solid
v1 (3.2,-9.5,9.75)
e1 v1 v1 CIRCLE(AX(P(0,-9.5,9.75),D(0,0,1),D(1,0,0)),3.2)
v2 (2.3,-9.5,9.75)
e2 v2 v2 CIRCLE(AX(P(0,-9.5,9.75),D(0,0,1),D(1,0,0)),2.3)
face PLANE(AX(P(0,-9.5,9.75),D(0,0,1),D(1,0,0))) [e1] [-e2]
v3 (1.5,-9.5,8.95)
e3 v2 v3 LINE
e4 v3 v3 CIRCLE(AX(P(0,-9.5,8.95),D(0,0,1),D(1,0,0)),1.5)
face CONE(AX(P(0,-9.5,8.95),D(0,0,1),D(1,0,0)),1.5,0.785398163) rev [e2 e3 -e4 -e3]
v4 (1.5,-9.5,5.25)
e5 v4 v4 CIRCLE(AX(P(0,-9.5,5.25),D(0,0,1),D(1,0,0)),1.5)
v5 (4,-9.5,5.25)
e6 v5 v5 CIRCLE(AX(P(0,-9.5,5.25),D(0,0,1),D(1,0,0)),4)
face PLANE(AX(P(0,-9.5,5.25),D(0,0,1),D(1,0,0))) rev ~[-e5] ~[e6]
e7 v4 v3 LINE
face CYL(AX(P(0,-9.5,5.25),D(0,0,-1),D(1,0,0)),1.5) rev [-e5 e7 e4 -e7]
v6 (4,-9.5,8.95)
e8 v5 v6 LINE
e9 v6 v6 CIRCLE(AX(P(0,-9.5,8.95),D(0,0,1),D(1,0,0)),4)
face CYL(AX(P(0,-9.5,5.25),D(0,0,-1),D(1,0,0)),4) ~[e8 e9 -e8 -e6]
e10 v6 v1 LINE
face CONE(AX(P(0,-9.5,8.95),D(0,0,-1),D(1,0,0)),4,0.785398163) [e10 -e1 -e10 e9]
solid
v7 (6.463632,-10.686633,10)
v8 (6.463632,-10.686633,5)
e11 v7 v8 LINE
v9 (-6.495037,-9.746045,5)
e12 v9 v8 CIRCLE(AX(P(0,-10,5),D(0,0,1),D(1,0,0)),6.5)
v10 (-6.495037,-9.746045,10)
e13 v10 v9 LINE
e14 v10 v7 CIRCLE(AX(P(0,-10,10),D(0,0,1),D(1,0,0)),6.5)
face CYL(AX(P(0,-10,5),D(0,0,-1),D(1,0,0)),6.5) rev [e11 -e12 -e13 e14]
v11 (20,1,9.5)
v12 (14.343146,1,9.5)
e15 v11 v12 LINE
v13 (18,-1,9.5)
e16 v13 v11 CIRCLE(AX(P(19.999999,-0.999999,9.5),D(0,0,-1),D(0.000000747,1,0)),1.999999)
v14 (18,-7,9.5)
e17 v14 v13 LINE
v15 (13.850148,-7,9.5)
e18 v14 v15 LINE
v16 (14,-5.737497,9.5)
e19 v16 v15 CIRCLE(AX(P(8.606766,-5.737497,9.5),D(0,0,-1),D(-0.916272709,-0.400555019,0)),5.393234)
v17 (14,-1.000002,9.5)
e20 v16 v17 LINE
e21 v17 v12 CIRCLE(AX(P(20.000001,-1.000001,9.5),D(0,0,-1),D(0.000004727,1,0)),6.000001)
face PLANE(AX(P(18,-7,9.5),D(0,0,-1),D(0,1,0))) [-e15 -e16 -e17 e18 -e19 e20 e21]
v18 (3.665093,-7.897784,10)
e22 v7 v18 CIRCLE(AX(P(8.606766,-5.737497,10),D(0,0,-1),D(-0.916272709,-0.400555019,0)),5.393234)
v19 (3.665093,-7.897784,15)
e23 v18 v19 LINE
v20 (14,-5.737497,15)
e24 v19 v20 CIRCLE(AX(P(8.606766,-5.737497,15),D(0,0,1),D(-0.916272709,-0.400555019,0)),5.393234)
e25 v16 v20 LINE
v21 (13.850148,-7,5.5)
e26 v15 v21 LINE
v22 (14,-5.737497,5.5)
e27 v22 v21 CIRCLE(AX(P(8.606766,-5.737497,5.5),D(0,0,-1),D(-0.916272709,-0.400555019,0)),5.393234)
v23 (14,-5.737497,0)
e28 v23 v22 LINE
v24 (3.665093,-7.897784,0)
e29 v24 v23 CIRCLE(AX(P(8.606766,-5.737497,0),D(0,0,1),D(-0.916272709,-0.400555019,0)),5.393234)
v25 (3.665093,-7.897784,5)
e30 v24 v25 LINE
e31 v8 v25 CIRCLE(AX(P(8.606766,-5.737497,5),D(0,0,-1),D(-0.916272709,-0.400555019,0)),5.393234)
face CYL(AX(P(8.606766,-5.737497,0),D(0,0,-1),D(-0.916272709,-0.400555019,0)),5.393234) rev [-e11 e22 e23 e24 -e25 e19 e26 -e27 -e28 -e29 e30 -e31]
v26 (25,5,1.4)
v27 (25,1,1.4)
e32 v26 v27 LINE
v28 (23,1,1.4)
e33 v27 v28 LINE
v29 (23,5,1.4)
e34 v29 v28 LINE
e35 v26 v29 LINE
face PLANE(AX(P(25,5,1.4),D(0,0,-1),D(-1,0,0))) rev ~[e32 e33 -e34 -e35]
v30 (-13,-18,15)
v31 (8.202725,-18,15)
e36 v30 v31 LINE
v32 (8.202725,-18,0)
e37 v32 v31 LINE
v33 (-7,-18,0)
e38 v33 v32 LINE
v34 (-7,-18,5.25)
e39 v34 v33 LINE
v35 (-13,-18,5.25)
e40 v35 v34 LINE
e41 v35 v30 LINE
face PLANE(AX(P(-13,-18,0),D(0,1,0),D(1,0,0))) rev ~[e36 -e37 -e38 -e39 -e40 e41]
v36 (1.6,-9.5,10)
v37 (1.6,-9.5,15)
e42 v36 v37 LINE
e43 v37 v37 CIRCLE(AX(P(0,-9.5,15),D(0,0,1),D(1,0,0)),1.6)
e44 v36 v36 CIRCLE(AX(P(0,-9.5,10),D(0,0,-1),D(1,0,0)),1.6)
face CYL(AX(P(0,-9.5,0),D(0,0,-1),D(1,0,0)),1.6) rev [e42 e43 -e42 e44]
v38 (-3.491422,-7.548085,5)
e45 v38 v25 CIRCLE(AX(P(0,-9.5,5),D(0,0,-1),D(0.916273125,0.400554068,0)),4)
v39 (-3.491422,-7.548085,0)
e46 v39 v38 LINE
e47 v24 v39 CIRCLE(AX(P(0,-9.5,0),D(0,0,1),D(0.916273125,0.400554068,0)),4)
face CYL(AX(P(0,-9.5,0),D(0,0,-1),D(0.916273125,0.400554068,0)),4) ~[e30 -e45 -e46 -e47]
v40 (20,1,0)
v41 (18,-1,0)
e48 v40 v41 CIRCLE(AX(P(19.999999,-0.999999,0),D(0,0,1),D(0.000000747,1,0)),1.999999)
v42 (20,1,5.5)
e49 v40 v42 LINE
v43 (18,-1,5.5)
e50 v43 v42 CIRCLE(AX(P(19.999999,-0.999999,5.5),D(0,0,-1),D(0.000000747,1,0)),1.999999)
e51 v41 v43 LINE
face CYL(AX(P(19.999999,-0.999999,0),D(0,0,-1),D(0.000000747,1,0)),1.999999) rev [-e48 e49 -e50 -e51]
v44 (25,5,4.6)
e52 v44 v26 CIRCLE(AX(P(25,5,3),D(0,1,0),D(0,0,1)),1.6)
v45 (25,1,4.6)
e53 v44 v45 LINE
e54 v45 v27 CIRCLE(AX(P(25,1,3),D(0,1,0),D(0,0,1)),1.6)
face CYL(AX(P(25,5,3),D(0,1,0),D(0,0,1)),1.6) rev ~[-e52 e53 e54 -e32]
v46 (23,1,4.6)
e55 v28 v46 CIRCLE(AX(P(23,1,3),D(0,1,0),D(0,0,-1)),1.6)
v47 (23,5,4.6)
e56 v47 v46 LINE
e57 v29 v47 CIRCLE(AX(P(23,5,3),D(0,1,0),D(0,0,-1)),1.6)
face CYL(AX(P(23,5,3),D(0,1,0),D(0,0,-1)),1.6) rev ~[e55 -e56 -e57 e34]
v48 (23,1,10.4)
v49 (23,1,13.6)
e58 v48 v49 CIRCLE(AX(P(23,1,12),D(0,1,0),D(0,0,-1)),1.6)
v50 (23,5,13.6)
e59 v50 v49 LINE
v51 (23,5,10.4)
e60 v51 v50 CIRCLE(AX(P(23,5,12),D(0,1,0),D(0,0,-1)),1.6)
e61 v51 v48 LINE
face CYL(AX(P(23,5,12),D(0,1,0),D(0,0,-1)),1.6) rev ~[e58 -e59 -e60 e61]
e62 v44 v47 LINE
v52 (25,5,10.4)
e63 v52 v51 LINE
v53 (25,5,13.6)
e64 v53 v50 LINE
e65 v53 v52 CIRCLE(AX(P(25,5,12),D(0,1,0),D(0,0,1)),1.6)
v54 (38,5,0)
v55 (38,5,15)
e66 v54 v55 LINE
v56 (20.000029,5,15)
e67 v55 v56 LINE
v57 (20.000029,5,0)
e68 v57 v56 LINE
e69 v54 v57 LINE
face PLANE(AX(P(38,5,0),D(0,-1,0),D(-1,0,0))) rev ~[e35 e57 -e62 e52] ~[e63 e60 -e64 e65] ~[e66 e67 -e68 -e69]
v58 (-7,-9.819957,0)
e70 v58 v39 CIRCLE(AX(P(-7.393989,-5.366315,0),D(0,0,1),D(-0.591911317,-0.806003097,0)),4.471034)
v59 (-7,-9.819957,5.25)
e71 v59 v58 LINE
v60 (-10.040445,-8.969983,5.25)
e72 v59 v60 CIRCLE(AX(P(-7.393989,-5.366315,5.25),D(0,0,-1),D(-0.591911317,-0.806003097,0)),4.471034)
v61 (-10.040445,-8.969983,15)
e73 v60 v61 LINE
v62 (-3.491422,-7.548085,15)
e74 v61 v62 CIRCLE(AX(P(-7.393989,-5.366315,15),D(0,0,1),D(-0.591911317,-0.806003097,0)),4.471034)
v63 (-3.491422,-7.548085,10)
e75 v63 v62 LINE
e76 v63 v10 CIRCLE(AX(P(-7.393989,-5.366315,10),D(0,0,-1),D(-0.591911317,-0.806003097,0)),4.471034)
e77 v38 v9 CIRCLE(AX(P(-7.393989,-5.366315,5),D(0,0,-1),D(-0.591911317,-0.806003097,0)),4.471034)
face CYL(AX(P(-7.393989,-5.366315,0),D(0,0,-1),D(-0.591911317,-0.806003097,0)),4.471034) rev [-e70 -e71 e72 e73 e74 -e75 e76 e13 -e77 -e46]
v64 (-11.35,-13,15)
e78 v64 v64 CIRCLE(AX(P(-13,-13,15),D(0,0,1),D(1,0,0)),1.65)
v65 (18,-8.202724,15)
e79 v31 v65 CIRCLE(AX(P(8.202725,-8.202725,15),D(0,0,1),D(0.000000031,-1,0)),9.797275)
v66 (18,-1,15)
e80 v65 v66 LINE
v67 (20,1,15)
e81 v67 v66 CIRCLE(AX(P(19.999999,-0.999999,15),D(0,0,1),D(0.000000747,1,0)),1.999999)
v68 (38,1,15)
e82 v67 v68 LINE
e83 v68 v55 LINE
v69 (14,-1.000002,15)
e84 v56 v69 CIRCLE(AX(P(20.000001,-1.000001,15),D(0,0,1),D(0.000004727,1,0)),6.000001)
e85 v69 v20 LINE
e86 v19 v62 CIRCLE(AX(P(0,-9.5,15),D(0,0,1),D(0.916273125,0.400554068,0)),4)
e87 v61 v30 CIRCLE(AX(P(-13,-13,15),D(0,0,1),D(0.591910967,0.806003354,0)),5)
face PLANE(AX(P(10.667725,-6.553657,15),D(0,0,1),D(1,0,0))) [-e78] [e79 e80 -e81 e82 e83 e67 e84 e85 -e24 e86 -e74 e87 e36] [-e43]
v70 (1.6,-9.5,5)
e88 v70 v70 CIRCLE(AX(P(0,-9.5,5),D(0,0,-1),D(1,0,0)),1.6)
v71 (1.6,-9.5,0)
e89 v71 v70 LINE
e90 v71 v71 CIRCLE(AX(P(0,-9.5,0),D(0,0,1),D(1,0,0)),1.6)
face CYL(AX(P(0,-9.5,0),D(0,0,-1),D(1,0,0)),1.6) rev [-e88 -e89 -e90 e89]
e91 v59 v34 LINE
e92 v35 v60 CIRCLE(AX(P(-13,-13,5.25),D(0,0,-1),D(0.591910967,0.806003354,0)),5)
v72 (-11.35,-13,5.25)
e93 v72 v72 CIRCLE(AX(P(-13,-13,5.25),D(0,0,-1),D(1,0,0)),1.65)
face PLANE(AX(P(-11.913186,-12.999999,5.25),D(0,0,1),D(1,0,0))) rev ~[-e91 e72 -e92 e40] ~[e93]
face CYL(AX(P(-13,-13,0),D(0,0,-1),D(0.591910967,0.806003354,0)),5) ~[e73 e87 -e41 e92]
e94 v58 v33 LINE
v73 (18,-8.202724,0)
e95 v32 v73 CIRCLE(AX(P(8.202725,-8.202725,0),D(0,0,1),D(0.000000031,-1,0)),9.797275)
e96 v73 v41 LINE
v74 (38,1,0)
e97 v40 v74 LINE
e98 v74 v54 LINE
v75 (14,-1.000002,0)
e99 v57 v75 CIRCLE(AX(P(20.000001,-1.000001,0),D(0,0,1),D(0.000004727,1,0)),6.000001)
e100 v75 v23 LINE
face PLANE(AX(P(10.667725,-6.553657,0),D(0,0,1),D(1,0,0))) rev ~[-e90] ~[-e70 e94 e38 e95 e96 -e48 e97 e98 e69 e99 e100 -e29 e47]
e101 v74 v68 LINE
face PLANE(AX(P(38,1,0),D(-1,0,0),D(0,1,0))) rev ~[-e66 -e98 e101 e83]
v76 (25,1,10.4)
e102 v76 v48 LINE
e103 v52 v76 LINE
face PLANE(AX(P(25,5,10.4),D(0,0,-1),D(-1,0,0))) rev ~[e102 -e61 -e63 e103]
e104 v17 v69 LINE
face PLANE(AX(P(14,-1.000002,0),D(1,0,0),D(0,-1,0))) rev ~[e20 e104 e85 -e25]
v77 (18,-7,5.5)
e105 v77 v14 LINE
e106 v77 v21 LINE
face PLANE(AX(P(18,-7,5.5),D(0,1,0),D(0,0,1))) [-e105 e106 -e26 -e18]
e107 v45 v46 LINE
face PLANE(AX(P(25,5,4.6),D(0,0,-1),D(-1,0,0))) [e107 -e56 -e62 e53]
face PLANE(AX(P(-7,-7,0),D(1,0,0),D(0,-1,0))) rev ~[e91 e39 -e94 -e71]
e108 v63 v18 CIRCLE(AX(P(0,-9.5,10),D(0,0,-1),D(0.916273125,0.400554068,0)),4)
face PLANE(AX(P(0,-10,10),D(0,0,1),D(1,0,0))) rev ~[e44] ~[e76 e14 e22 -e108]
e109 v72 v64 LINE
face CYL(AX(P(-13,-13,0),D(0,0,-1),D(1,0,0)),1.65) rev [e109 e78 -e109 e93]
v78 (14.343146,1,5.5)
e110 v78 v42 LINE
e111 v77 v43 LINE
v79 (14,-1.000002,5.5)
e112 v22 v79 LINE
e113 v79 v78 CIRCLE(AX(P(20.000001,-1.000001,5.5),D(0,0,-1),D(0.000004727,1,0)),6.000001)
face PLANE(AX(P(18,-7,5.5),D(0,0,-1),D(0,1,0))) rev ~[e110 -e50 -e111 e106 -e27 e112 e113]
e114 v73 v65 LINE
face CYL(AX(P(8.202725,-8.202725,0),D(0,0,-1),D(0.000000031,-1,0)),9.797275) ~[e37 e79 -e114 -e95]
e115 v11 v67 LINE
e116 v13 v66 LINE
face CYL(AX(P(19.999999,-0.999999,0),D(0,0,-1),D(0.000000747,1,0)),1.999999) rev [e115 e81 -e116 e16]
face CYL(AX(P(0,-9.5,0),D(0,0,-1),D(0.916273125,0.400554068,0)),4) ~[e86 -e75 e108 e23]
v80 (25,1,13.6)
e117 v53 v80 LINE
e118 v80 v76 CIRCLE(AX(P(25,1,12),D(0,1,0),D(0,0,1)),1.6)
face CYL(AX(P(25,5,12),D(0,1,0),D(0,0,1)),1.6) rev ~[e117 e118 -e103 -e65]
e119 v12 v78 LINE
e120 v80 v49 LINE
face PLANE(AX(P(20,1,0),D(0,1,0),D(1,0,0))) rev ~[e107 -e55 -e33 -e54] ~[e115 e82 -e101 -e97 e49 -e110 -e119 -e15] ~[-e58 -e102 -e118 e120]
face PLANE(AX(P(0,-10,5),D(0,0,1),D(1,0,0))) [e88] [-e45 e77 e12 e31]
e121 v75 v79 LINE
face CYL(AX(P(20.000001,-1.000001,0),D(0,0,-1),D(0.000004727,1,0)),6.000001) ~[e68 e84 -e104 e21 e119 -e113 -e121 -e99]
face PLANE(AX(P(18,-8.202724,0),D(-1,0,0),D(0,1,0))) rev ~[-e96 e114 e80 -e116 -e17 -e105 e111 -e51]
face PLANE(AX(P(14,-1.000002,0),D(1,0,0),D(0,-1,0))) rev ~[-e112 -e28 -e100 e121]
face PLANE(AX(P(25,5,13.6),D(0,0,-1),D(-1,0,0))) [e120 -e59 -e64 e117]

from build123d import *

# Parameters (mm, degrees)
CYLINDER_R           = 6.5
CYLINDER_DEPTH       = 5
PAD001_DEPTH         = 5.25
SKETCH_R             = 1.6
SKETCH_R_2           = 1.65
PAD_DEPTH            = 15
POCKET_DEPTH         = 5
SKETCH003_W          = 8
SKETCH003_H          = 4
POCKET001_DEPTH      = 36.001
POCKET001_DEPTH_BACK = -20.001
CYLINDER001_R        = 1.5
CYLINDER001_DEPTH    = 4.5
CYLINDER002_R        = 4
CYLINDER002_DEPTH    = 4.5
CHAMFER_SIZE         = 0.8


with BuildPart() as rodamiento:
    # Cylinder → Cylinder (new body)
    with BuildSketch(Plane(origin=(0, -10, 5), x_dir=(1, 0, 0), z_dir=(0, 0, 1))):
        Circle(CYLINDER_R)
    extrude(amount=CYLINDER_DEPTH)


with BuildPart() as bisagra:
    # Sketch001 → Pad001 (new body)
    with BuildSketch(Plane.XY):
        with BuildLine():
            ThreePointArc((-13, -7), (-19, -13.000015), (-12.99997, -19))
            Line((-7, -19), (-12.99997, -19))
            Line((-7, -7), (-7, -19))
            Line((-13, -7), (-7, -7))
        make_face()
    extrude(amount=PAD001_DEPTH)


with BuildPart() as pocket001:
    # Sketch → Pad (new body)
    with BuildSketch(Plane.XY):
        with BuildLine():
            ThreePointArc((-10.040445, -8.969983), (-17.75132, -11.442772), (-13, -18))
            Line((-13, -18), (8.202725, -18))
            ThreePointArc((8.202725, -18), (15.130445, -15.130444), (18, -8.202724))
            Line((18, -8.202724), (18, -1))
            ThreePointArc((20, 1), (18.585786, 0.414214), (18, -1))
            Line((20, 1), (38, 1))
            Line((38, 1), (38, 5))
            Line((38, 5), (20.000029, 5))
            ThreePointArc((20.000029, 5), (15.757369, 3.24265), (14, -1.000002))
            Line((14, -1.000002), (14, -5.737497))
            ThreePointArc((3.665093, -7.897784), (9.710254, -11.016634), (14, -5.737497))
            ThreePointArc((3.665093, -7.897784), (0.195225, -5.504767), (-3.491422, -7.548085))
            ThreePointArc((-10.040445, -8.969983), (-6.445357, -9.735554), (-3.491422, -7.548085))
        make_face()
        with Locations((0, -9.5)):
            Circle(SKETCH_R, mode=Mode.SUBTRACT)
        with Locations((-13, -13)):
            Circle(SKETCH_R_2, mode=Mode.SUBTRACT)
    extrude(amount=PAD_DEPTH)

    # Cut: cut bisagra
    add(bisagra.part, mode=Mode.SUBTRACT)

    # Cut001: cut rodamiento
    add(rodamiento.part, mode=Mode.SUBTRACT)

    # Sketch002 → Pocket (cut)
    with BuildSketch(Plane(origin=(0, 5, 0), x_dir=(-1, 0, 0), z_dir=(0, 1, 0))):
        with BuildLine():
            ThreePointArc((-25, 13.6), (-26.6, 12), (-25, 10.4))
            Line((-25, 10.4), (-23, 10.4))
            ThreePointArc((-23, 10.4), (-21.4, 12), (-23, 13.6))
            Line((-25, 13.6), (-23, 13.6))
        make_face()
        with BuildLine():
            ThreePointArc((-25, 4.6), (-26.6, 3), (-25, 1.4))
            Line((-25, 1.4), (-23, 1.4))
            ThreePointArc((-23, 1.4), (-21.4, 3), (-23, 4.6))
            Line((-25, 4.6), (-23, 4.6))
        make_face()
    extrude(amount=-POCKET_DEPTH, mode=Mode.SUBTRACT)

    # Sketch003 → Pocket001 (cut, two sides)
    with BuildSketch(Plane.YZ.offset(18)) as pocket001_sk:
        with Locations((-3, 7.5)):
            Rectangle(SKETCH003_W, SKETCH003_H)
    extrude(amount=-POCKET001_DEPTH, mode=Mode.SUBTRACT)
    extrude(pocket001_sk.sketch, amount=-POCKET001_DEPTH_BACK, mode=Mode.SUBTRACT)


with BuildPart() as cilindro:
    # Cylinder001 → Cylinder001 (new body)
    with BuildSketch(Plane(origin=(0, -9.5, 5.25), x_dir=(1, 0, 0), z_dir=(0, 0, 1))):
        Circle(CYLINDER001_R)
    extrude(amount=CYLINDER001_DEPTH)


with BuildPart() as chamfer_body:
    # Cylinder002 → Cylinder002 (new body)
    with BuildSketch(Plane(origin=(0, -9.5, 5.25), x_dir=(1, 0, 0), z_dir=(0, 0, 1))):
        Circle(CYLINDER002_R)
    extrude(amount=CYLINDER002_DEPTH)

    # Cut002: cut Cilindro
    add(cilindro.part, mode=Mode.SUBTRACT)

    # Chamfer
    chamfer_edges = [chamfer_body.edges().sort_by_distance(p)[0] for p in [
        (-4, -9.5, 9.75),
        (-1.5, -9.5, 9.75),
    ]]
    chamfer(chamfer_edges, length=CHAMFER_SIZE)


solid = Compound([pocket001.part, chamfer_body.part])
